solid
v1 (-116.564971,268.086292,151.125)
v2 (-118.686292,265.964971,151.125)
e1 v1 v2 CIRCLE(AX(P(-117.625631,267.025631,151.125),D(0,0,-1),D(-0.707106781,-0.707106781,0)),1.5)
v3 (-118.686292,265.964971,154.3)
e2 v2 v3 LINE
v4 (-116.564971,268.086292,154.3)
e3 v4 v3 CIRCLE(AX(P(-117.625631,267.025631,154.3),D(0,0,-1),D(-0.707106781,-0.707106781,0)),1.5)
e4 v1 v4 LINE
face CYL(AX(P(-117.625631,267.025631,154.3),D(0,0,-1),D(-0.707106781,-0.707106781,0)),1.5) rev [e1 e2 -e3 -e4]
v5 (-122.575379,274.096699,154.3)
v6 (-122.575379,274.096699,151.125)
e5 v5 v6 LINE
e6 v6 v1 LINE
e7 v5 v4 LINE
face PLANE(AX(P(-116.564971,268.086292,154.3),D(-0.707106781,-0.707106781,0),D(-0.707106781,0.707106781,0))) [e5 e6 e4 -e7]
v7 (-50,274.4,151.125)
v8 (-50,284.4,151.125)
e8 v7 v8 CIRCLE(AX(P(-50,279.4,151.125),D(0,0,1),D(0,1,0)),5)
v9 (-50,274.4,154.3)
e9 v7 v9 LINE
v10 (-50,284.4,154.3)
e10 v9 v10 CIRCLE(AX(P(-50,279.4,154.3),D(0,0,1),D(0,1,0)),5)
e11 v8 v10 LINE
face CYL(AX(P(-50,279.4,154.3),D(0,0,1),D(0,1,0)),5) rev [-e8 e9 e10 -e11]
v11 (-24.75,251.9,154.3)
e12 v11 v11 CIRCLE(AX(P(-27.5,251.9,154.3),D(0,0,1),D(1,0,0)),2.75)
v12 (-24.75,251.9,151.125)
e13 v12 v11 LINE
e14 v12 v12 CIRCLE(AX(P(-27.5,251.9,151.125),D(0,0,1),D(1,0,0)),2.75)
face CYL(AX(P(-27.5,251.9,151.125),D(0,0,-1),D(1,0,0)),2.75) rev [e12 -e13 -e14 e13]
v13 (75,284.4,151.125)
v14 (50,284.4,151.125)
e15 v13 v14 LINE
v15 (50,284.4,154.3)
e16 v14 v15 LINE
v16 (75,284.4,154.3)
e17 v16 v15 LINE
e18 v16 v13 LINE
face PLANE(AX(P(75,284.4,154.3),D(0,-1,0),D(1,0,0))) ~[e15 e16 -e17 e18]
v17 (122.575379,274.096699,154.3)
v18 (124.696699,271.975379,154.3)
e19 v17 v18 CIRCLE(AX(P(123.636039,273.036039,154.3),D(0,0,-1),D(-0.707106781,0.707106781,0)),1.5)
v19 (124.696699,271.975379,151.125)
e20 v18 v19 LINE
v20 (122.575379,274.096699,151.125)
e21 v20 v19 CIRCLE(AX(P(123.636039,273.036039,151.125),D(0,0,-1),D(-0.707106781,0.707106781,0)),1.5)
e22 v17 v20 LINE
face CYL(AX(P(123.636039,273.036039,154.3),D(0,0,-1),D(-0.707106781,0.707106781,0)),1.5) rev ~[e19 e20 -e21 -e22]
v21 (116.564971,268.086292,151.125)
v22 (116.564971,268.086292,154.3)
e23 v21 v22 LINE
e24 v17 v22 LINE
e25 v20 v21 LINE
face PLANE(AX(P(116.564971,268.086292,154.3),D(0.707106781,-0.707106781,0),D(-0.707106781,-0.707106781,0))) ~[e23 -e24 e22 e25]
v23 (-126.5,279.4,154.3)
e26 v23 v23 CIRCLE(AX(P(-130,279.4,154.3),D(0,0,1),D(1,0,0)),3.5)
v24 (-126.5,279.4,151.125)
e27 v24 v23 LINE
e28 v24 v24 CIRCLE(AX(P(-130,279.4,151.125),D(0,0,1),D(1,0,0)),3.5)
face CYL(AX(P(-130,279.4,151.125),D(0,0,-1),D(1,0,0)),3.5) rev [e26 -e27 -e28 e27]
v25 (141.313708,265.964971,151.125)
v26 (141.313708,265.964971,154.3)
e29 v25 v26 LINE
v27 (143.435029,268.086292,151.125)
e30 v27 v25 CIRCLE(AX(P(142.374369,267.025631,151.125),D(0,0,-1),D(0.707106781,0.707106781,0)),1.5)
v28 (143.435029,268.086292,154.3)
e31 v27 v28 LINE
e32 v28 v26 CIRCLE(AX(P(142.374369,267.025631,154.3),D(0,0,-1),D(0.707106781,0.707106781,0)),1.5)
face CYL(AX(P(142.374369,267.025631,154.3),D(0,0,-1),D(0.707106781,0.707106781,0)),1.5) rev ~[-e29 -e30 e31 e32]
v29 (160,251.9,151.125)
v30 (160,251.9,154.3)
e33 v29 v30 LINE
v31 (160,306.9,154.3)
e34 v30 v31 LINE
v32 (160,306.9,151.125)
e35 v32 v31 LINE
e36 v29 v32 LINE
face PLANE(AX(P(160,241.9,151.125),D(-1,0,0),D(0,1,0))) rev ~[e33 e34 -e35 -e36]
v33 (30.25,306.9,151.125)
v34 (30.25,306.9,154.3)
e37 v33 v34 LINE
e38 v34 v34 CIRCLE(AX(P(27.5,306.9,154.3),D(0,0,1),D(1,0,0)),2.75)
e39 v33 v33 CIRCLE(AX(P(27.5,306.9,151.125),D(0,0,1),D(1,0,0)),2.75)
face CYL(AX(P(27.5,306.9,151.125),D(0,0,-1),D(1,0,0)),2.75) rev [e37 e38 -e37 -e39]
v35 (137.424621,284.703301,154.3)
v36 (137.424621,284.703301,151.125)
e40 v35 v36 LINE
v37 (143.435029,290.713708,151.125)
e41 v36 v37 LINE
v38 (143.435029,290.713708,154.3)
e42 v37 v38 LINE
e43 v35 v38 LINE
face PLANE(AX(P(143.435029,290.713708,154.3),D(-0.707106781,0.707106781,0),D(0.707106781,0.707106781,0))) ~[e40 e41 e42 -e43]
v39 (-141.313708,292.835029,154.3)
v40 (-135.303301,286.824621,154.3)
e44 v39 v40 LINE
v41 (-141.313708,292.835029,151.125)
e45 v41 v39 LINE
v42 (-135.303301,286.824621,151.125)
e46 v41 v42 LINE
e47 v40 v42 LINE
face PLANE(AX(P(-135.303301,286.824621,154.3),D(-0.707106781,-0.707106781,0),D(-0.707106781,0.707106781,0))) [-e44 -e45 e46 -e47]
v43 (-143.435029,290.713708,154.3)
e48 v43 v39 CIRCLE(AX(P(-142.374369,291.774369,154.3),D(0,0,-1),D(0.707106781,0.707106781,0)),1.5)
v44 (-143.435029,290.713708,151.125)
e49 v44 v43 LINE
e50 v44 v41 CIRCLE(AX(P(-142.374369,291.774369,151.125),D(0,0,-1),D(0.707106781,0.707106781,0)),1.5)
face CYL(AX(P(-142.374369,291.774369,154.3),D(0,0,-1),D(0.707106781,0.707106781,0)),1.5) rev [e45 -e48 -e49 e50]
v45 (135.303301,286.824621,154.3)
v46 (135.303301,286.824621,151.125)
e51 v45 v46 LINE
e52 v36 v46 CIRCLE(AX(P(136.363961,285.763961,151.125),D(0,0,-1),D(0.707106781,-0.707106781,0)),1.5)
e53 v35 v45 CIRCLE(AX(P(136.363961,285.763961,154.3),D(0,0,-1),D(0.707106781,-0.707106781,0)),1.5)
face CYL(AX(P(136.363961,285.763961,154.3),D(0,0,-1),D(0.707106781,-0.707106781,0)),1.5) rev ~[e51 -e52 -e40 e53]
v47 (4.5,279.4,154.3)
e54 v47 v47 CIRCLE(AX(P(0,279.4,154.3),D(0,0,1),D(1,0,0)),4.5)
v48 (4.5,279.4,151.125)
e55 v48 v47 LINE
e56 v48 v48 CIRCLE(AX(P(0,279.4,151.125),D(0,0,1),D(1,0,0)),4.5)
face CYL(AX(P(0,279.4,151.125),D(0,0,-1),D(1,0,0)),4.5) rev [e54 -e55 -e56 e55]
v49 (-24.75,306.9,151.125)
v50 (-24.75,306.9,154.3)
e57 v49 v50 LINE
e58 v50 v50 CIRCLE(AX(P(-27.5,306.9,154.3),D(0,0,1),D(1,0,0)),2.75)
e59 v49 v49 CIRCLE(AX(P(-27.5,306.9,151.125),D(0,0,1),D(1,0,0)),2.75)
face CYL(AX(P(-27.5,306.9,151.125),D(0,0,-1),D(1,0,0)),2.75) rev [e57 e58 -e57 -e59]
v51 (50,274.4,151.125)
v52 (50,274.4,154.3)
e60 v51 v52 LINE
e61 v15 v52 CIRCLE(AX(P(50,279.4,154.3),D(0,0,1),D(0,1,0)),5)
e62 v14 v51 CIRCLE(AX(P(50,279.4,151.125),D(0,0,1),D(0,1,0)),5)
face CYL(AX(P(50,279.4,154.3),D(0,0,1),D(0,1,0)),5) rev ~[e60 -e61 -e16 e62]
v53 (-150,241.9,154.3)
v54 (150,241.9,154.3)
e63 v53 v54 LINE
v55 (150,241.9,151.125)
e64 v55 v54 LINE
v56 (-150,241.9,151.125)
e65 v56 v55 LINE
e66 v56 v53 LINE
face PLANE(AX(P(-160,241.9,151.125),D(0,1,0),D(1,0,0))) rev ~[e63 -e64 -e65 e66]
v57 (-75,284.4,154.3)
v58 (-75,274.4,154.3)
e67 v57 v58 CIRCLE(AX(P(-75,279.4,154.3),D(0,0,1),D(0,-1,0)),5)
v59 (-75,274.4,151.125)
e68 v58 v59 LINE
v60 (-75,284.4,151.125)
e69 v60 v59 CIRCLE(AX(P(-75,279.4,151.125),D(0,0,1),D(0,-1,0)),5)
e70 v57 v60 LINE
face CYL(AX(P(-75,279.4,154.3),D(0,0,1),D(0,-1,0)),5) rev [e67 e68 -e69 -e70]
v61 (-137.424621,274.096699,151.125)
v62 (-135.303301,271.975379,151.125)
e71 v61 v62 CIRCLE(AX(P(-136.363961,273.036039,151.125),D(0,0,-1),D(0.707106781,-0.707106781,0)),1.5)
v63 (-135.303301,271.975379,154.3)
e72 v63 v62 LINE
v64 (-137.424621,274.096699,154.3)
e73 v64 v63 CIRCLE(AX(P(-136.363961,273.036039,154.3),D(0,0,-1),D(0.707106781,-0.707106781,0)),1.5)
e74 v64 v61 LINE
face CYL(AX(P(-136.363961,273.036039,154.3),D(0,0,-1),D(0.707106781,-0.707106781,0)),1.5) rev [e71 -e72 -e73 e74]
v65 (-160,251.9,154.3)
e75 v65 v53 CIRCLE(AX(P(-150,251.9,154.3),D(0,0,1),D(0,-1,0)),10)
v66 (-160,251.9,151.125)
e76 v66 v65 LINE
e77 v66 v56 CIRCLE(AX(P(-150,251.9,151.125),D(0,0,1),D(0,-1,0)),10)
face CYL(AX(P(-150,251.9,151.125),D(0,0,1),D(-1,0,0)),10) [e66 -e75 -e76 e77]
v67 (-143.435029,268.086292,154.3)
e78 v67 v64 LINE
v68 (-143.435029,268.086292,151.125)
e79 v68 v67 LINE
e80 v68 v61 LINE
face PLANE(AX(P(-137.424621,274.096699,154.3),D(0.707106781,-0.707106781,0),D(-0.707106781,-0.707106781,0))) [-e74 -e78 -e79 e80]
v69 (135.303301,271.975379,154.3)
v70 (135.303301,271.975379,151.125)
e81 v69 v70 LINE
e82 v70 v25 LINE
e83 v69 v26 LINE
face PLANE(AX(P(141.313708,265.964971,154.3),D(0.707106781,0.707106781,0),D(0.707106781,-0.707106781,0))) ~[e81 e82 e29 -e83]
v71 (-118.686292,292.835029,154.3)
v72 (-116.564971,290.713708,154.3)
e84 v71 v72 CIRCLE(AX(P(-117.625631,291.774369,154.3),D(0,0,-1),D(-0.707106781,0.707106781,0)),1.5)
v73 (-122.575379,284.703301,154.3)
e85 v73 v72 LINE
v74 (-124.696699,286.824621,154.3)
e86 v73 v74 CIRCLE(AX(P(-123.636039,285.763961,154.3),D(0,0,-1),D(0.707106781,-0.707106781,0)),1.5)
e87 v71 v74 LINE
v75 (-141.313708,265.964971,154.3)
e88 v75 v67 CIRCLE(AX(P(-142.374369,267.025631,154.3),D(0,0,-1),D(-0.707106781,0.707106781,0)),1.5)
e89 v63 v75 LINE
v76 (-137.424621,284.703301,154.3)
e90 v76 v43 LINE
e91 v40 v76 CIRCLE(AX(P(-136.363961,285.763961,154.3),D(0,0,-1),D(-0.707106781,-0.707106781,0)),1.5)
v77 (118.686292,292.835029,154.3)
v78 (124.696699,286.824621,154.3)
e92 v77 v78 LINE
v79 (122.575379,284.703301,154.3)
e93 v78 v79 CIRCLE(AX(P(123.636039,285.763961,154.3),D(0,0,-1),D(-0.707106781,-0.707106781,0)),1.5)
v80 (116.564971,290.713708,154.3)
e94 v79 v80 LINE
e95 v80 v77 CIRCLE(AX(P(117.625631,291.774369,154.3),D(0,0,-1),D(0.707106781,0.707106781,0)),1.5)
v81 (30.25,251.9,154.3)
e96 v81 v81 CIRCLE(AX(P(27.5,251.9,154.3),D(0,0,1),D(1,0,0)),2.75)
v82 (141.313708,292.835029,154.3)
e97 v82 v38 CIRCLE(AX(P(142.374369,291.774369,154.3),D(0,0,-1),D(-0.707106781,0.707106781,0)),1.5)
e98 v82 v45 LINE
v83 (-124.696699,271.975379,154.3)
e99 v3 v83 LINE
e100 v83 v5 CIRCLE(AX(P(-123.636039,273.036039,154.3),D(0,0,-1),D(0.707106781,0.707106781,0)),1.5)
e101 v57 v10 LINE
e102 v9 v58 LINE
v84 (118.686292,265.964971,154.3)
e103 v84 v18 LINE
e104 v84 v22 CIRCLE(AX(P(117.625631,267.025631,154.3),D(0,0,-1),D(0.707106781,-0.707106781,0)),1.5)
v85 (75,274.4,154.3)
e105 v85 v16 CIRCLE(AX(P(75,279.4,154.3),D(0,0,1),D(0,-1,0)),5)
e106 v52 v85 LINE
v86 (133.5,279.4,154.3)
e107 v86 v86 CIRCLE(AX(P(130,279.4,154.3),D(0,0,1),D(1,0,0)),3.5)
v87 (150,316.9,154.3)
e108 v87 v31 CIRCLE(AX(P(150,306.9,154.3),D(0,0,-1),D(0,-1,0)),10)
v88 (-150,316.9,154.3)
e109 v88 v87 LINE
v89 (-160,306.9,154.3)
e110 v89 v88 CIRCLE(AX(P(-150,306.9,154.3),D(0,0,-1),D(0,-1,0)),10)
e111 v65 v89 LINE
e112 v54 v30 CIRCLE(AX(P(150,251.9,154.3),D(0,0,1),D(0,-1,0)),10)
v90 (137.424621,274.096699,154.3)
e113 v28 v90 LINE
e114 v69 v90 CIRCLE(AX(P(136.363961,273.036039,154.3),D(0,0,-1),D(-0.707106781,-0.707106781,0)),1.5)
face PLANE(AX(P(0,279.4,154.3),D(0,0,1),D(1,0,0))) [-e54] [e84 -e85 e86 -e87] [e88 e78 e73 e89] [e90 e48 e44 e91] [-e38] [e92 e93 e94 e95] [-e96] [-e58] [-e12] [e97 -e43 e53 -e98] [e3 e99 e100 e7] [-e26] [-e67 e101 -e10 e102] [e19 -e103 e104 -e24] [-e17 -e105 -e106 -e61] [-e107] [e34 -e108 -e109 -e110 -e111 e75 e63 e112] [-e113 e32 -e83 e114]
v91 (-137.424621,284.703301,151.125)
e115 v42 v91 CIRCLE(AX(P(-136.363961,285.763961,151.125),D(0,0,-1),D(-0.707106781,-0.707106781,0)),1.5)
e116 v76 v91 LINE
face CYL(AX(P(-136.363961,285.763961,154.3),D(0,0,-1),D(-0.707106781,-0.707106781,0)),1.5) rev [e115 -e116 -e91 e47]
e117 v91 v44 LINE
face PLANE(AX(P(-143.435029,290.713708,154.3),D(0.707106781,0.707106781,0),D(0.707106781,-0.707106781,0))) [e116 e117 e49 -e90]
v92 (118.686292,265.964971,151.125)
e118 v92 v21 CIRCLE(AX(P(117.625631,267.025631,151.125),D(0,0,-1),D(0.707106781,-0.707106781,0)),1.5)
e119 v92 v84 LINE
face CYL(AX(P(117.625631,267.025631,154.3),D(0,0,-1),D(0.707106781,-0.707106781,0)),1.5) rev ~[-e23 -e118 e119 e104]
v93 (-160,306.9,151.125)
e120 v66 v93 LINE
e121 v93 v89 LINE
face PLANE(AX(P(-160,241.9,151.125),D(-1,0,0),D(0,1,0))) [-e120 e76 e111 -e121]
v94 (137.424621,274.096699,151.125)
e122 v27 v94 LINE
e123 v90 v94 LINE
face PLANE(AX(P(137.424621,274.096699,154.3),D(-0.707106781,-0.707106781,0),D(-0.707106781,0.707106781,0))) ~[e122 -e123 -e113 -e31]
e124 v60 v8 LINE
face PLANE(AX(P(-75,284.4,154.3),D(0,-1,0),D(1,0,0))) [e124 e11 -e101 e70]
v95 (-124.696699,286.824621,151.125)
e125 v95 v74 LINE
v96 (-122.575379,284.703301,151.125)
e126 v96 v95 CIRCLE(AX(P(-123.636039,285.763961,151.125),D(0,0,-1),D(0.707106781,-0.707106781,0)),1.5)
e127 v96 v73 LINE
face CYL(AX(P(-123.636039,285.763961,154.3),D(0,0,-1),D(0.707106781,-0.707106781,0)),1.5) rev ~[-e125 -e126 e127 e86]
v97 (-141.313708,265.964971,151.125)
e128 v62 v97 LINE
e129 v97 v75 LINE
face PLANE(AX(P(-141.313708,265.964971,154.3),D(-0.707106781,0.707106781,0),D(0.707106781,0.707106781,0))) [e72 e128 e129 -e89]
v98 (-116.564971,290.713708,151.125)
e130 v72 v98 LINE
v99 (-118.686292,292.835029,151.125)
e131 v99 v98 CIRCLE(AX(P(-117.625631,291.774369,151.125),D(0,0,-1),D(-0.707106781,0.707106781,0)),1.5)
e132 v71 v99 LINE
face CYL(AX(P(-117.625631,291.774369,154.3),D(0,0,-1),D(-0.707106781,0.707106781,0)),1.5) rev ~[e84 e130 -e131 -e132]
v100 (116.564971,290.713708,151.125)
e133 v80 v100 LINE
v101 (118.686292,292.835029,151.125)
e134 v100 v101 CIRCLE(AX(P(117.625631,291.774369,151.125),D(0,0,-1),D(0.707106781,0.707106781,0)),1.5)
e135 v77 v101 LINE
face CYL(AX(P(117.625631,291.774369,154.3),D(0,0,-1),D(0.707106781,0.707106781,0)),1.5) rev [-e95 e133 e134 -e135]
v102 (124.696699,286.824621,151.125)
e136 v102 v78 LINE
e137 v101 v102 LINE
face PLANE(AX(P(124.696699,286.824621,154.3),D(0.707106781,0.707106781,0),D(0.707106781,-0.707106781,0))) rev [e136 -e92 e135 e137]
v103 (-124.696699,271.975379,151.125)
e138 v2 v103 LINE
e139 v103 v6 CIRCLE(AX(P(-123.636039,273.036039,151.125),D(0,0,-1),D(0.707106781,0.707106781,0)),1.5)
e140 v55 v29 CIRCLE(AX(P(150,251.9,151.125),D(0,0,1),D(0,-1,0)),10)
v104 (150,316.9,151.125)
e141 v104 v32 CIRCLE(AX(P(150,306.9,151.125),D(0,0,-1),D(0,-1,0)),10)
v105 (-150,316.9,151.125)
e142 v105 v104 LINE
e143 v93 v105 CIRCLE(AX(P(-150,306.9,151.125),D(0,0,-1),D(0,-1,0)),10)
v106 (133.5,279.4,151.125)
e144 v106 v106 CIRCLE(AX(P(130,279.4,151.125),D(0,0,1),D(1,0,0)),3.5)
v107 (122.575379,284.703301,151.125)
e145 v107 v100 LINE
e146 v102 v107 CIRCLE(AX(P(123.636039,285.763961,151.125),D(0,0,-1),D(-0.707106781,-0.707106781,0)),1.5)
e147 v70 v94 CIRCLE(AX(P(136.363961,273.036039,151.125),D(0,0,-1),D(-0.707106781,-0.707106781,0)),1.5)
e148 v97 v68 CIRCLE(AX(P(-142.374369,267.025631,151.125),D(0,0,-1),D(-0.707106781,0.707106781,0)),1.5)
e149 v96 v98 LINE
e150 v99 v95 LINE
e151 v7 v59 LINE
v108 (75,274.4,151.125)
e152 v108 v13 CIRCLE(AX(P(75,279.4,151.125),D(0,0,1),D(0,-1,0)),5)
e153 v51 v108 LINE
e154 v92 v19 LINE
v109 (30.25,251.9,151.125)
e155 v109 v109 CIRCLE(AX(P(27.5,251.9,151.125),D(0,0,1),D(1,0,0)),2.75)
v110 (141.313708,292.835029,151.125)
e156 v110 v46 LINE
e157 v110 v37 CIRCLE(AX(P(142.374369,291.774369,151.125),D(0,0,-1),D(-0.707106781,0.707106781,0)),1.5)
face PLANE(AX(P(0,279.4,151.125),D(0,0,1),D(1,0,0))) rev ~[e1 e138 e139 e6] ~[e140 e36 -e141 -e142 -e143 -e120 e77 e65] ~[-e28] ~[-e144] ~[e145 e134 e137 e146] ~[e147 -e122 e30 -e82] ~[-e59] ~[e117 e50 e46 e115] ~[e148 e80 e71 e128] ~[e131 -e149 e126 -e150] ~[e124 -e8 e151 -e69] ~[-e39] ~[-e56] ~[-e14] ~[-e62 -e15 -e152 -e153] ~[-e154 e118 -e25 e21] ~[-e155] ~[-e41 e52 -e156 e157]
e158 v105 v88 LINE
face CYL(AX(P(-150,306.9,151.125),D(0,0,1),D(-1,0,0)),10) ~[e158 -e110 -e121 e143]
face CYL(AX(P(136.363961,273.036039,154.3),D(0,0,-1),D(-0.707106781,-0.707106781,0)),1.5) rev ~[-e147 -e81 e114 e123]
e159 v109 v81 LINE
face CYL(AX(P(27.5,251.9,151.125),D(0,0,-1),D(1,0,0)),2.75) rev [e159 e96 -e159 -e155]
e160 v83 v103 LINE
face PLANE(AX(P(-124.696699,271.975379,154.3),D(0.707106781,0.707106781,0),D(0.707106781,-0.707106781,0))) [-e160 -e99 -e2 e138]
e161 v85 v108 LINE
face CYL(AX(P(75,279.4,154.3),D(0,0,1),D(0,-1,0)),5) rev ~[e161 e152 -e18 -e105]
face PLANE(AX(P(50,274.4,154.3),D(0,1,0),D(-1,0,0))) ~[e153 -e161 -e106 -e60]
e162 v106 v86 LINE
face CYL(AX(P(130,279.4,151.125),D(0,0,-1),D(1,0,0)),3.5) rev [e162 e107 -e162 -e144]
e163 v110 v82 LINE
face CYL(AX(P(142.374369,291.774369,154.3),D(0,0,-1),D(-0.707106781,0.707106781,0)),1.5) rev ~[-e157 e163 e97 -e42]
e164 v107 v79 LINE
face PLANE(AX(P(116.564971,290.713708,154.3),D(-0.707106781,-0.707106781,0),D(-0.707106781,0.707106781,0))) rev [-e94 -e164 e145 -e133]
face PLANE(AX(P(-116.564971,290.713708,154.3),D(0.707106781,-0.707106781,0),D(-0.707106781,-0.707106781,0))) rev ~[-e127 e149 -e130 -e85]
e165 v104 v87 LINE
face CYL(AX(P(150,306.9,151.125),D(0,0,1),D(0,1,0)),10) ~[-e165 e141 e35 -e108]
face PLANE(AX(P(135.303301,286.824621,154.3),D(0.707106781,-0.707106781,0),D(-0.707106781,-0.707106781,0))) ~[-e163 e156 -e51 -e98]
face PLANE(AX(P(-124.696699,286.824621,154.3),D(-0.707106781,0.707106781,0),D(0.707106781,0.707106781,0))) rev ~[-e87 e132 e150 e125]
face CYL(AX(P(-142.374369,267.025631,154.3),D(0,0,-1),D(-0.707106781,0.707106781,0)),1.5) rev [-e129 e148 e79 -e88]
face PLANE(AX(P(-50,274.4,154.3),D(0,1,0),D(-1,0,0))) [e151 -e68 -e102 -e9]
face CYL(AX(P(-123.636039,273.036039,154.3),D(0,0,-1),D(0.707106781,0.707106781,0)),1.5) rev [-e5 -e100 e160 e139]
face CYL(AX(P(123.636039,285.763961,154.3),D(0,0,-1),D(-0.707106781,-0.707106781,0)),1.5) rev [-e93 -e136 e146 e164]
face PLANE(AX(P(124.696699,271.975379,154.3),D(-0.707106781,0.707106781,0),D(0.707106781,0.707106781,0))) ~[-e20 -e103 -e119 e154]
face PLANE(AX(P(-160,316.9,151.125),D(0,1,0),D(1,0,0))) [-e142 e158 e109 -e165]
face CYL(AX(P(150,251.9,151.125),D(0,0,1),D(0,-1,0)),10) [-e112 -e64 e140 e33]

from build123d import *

# Parameters (mm, degrees)
SKETCH1_W                       = 320
SKETCH1_H                       = 75
SKETCH1_R                       = 4.5
SKETCH1_R_2                     = 2.75
SKETCH1_R_3                     = 3.5
BOSS_EXTRUDE1_DEPTH             = 3.175
MOUNTING_AND_ACCESS_HOLES_DEPTH = 356.015056899
FILLET1_R                       = 10


with BuildPart() as part:
    # Sketch1 → Boss-Extrude1 (new body)
    with BuildSketch(Plane.XY.offset(151.125)):
        with Locations((0, 279.4)):
            Rectangle(SKETCH1_W, SKETCH1_H)
        with Locations((0, 279.4)):
            Circle(SKETCH1_R, mode=Mode.SUBTRACT)
        with Locations((27.5, 251.9)):
            Circle(SKETCH1_R_2, mode=Mode.SUBTRACT)
        with Locations((-27.5, 251.9)):
            Circle(SKETCH1_R_2, mode=Mode.SUBTRACT)
        with Locations((-27.5, 306.9)):
            Circle(SKETCH1_R_2, mode=Mode.SUBTRACT)
        with Locations((27.5, 306.9)):
            Circle(SKETCH1_R_2, mode=Mode.SUBTRACT)
        with Locations((130, 279.4)):
            Circle(SKETCH1_R_3, mode=Mode.SUBTRACT)
        with Locations((-130, 279.4)):
            Circle(SKETCH1_R_3, mode=Mode.SUBTRACT)
    extrude(amount=BOSS_EXTRUDE1_DEPTH)

    # Sketch2 → Mounting and Access Holes (cut, symmetric)
    with BuildSketch(Plane.XY.offset(154.3)):
        with BuildLine():
            Line((-124.696699141, 286.824621202), (-118.686291501, 292.835028843))
            ThreePointArc((-118.686291501, 292.835028843), (-116.564971157, 292.835028843), (-116.564971157, 290.713708499))
            Line((-116.564971157, 290.713708499), (-122.575378798, 284.703300859))
            ThreePointArc((-122.575378798, 284.703300859), (-124.696699141, 284.703300859), (-124.696699141, 286.824621202))
        make_face()
        with BuildLine():
            Line((-135.303300859, 286.824621202), (-141.313708499, 292.835028843))
            ThreePointArc((-141.313708499, 292.835028843), (-143.435028843, 292.835028843), (-143.435028843, 290.713708499))
            Line((-143.435028843, 290.713708499), (-137.424621202, 284.703300859))
            ThreePointArc((-137.424621202, 284.703300859), (-135.303300859, 284.703300859), (-135.303300859, 286.824621202))
        make_face()
        with BuildLine():
            Line((-137.424621202, 274.096699141), (-143.435028843, 268.086291501))
            ThreePointArc((-143.435028843, 268.086291501), (-143.435028843, 265.964971157), (-141.313708499, 265.964971157))
            Line((-141.313708499, 265.964971157), (-135.303300859, 271.975378798))
            ThreePointArc((-135.303300859, 271.975378798), (-135.303300859, 274.096699141), (-137.424621202, 274.096699141))
        make_face()
        with BuildLine():
            Line((-124.696699141, 271.975378798), (-118.686291501, 265.964971157))
            ThreePointArc((-118.686291501, 265.964971157), (-116.564971157, 265.964971157), (-116.564971157, 268.086291501))
            Line((-116.564971157, 268.086291501), (-122.575378798, 274.096699141))
            ThreePointArc((-122.575378798, 274.096699141), (-124.696699141, 274.096699141), (-124.696699141, 271.975378798))
        make_face()
        with BuildLine():
            Line((-50, 274.4), (-75, 274.4))
            ThreePointArc((-75, 274.4), (-80, 279.4), (-75, 284.4))
            Line((-75, 284.4), (-50, 284.4))
            ThreePointArc((-50, 284.4), (-45, 279.4), (-50, 274.4))
        make_face()
    mounting_and_access_holes = extrude(amount=MOUNTING_AND_ACCESS_HOLES_DEPTH, both=True, mode=Mode.SUBTRACT)

    # Mirror1: Mounting and Access Holes across plane
    add(mounting_and_access_holes.mirror(Plane(origin=(0, 0, 0), x_dir=(0, 0, 1), z_dir=(1, 0, 0))), mode=Mode.SUBTRACT)

    # Fillet1
    fillet1_edges = [part.edges().sort_by_distance(p)[0] for p in [
        (160, 241.9, 152.7125),
        (-160, 241.9, 152.7125),
        (-160, 316.9, 152.7125),
        (160, 316.9, 152.7125),
    ]]
    fillet(fillet1_edges, radius=FILLET1_R)


solid = part.part
